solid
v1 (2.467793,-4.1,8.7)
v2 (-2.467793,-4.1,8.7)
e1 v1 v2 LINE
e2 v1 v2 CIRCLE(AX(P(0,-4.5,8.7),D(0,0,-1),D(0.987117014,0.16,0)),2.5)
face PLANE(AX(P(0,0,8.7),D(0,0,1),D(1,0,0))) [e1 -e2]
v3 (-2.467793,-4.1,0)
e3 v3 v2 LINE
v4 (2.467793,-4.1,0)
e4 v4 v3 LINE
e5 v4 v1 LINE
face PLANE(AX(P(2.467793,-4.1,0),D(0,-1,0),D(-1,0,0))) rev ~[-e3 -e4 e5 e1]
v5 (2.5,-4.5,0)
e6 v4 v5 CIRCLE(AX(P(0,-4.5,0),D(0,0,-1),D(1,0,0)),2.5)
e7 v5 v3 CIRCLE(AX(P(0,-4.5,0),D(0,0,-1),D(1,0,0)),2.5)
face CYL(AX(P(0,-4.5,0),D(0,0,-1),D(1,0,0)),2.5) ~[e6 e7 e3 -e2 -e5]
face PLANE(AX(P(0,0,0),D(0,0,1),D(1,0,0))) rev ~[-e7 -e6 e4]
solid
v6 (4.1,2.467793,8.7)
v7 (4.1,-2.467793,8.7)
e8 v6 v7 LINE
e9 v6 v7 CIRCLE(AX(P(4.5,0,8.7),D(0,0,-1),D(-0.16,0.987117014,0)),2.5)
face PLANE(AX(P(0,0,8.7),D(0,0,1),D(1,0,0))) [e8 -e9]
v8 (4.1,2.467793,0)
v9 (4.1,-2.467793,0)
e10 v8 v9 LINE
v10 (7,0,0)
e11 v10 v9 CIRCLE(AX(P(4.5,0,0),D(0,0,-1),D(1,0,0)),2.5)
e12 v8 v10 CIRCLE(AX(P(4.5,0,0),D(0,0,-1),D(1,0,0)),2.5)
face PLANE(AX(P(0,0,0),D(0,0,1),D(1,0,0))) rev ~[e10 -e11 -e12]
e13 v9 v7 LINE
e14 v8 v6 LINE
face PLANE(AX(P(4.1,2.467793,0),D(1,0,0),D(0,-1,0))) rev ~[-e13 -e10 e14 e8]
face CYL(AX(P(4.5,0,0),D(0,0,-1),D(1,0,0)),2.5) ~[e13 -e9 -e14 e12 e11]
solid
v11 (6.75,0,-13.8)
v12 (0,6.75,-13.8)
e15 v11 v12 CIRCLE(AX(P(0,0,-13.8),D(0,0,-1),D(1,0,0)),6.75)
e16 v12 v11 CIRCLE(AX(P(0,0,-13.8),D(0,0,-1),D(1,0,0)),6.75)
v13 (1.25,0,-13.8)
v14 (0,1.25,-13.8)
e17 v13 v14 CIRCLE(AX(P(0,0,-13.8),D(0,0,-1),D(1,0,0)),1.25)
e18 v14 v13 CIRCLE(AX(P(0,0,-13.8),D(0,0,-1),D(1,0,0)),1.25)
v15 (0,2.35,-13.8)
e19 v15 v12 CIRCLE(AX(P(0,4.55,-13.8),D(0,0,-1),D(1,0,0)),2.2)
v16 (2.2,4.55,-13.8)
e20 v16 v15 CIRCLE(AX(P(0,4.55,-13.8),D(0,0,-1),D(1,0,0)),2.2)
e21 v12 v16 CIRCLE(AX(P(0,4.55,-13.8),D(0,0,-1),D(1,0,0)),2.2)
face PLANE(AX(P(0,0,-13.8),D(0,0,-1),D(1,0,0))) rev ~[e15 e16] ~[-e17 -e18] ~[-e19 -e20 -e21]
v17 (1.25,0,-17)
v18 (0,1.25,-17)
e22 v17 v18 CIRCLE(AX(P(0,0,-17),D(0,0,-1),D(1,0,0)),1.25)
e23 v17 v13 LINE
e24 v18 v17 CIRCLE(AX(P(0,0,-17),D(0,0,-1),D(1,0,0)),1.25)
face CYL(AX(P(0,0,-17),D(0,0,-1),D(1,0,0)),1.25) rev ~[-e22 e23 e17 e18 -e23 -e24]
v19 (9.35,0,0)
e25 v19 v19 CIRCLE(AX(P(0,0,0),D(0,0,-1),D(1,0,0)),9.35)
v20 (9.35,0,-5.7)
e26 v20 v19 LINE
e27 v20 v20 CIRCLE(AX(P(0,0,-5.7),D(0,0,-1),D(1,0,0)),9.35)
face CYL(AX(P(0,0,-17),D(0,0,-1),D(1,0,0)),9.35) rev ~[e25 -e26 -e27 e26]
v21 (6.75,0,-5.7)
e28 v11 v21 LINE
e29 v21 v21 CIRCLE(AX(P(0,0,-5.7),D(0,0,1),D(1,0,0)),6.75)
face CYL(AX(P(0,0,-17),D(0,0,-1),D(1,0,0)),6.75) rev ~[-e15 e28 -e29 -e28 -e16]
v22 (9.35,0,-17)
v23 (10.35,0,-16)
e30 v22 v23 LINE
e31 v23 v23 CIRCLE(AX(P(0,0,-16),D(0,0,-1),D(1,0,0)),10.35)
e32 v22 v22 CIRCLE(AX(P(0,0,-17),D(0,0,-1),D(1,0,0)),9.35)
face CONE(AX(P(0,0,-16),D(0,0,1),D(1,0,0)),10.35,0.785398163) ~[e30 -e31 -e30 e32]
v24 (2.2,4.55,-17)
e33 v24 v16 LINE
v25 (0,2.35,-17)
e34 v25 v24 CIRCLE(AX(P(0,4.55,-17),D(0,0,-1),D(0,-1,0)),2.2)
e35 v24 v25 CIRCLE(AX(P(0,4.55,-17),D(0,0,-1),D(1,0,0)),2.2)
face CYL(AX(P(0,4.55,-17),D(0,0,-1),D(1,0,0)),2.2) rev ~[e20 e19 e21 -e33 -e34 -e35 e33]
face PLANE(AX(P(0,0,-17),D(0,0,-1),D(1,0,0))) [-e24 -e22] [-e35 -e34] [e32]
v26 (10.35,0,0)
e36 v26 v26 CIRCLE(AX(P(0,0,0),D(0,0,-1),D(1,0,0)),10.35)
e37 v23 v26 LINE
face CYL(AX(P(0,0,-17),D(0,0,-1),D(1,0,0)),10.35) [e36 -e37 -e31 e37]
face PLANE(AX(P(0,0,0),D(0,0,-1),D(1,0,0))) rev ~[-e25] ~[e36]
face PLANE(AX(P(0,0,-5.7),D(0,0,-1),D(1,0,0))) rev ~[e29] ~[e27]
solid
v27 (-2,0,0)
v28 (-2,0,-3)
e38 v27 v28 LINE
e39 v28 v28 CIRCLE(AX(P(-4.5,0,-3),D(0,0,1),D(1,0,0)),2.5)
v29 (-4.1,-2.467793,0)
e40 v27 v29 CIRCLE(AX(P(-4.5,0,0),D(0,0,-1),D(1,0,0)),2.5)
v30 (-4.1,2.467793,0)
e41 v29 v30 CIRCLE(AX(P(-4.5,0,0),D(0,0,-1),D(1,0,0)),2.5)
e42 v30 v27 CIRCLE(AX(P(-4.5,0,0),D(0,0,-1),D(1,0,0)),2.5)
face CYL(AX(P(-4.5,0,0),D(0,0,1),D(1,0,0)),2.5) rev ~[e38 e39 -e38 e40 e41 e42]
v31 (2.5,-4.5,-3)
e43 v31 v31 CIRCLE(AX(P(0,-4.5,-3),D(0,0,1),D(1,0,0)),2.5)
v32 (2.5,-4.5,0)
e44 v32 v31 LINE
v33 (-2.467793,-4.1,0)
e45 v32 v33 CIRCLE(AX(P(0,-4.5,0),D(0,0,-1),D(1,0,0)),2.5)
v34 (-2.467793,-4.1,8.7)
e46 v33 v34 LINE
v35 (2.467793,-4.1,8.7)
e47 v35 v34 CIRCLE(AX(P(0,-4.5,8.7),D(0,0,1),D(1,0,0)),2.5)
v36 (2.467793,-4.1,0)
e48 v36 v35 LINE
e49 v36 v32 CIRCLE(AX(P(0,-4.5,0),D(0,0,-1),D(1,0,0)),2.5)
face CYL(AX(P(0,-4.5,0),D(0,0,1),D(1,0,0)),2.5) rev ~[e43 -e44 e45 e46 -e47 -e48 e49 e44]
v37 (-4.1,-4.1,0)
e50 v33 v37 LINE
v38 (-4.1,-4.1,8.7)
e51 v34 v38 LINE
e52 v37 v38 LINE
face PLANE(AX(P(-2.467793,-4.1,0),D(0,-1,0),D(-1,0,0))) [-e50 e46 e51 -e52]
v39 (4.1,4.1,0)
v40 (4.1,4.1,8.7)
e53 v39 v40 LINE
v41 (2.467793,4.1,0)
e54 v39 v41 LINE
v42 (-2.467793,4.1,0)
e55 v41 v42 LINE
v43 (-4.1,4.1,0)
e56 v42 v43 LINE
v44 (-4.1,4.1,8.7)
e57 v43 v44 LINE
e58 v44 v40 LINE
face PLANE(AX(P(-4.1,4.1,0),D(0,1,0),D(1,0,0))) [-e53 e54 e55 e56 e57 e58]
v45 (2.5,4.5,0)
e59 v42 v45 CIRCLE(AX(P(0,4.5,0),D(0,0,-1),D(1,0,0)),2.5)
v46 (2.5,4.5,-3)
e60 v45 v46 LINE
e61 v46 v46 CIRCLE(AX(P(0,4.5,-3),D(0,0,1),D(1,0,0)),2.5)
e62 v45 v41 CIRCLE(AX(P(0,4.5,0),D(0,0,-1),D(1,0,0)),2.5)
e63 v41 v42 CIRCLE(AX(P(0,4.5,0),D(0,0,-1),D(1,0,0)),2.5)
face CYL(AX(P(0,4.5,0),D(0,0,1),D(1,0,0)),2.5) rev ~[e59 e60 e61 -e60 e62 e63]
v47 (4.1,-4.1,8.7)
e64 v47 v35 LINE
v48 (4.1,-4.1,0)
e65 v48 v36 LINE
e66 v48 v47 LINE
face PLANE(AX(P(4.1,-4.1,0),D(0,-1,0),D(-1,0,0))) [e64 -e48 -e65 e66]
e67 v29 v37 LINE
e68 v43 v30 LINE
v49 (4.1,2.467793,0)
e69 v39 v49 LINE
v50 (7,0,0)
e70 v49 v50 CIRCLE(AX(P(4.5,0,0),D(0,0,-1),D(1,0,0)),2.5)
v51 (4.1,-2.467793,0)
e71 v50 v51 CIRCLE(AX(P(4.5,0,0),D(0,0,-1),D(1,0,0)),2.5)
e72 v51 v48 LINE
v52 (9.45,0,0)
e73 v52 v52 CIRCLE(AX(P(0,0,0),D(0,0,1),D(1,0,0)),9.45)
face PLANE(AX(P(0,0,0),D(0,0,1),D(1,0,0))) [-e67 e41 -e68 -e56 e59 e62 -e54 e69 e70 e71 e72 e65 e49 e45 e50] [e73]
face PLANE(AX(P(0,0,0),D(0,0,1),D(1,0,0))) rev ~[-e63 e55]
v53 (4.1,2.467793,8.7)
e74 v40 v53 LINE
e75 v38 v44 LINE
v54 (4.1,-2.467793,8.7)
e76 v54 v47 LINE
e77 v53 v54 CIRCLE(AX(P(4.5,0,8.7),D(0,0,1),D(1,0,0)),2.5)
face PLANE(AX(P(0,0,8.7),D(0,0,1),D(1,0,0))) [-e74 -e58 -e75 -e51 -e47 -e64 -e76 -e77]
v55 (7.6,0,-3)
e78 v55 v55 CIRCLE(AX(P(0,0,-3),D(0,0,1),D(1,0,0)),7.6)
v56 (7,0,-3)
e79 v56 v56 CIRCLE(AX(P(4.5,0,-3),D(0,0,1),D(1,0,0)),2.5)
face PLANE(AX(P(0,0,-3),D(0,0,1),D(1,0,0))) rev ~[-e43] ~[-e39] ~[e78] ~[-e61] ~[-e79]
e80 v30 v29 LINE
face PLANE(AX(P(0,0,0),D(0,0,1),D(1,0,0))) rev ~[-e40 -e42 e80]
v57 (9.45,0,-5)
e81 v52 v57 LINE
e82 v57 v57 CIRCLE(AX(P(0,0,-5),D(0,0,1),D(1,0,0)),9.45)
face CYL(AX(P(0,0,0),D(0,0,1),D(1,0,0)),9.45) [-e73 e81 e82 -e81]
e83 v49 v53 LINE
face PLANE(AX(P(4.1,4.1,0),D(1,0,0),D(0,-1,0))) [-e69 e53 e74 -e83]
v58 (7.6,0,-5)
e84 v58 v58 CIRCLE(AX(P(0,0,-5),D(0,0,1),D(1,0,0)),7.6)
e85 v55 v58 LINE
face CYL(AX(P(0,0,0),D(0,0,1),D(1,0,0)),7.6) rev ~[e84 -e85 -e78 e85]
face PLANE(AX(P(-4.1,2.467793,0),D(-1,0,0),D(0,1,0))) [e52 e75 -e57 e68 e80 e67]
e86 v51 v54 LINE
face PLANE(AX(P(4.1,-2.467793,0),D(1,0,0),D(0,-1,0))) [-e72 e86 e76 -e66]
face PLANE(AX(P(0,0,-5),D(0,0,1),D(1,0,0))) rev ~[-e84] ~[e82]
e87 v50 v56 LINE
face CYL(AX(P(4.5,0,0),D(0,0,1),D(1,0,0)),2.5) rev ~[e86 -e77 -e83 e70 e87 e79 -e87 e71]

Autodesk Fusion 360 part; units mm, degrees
sketch "Skizze1" plane through (0, 0, 0) normal (0, 0, 1) x (1, 0, 0)
  circle A0 centre (0, 0) radius 9.45
  line L0 (-4.1, 4.1) -> (4.1, 4.1)
  line L1 (4.1, 4.1) -> (4.1, -4.1)
  line L2 (4.1, -4.1) -> (-4.1, -4.1)
  line L3 (-4.1, -4.1) -> (-4.1, 4.1)
  line L4 (-4.1, 0) -> (4.1, 0) construction
  line L5 (0, 4.1) -> (0, -4.1) construction
  circle A1 centre (4.5, 0) radius 2.5
  circle A2 centre (0, 4.5) radius 2.5
  circle A3 centre (-4.5, 0) radius 2.5
  circle A4 centre (0, -4.5) radius 2.5
  circle A5 centre (0, 0) radius 7.6
  dimension "d18" = 18.9
  dimension "d19" = 8.2
  dimension "d20" = 8.2
  dimension "d21" = 5
  dimension "d22" = 4.5
  dimension "d24" = 360
  dimension "d25" = 15.2
extrude "Extrusion1" add sketch "Skizze1" against normal blind 3 contours A0 | L0 L1 L2 L3 A1 A2 A3 A4 | A5 makes body 1
extrude "Extrusion2" add sketch "Skizze1" against normal blind 5 contours A0 bodies 1
extrude "Extrusion3" add sketch "Skizze1" along normal blind 8.7 contours L0 L1 L2 L3 A1 A2 A3 A4 | L0 A2 | L3 A3 | L1 A1 | L2 A4 picked at (-0.6822, 3.4278) picked at (-2.9892, -0.0816) picked at (5.1777, 0.1304) picked at (-0.1263, -5.057) bodies 1
sketch "Skizze2" plane through (0, 0, 0) normal (0, 0, 1) x (1, 0, 0)
  circle A0 centre (0, 0) radius 10.35
  circle A1 centre (0, 0) radius 9.35
  circle A2 centre (0, 0) radius 6.75
  circle A3 centre (0, 0) radius 1.25
  circle A4 centre (0, -4.55) radius 2.2
  line L0 (0, -4.55) -> (0, 0)
  dimension "d32" = 20.7
  dimension "d33" = 18.7
  dimension "d34" = 13.5
  dimension "d35" = 2.5
  dimension "d36" = 4.4
extrude "Extrusion4" add sketch "Skizze2" against normal blind 17 separate body contours A0 makes body 2
extrude "Extrusion6" add sketch "Skizze2" against normal blind 11.3 contours A1 bodies 2
extrude "Extrusion7" add sketch "Skizze2" against normal blind 3.2 contours A2 bodies 2
thread "Gewinde1"
chamfer "Fase1" distance 1 angle 45 1 edges at (-9.6496, -3.7427, 0) on bodies 2
copy_body "Körper->Berechn1" bodies 1 removing the originals makes body 3 in component "lid"
copy_body "Körper->Berechn2" bodies 2 removing the originals makes body 4 in component "body"
component "lid" placed x (1, 0, 0) y (0, 1, 0) z (0, 0, 1) at (0, 0, 0)
component "body" placed x (1, 0, 0) y (0, -1, 0) z (0, 0, -1) at (0, 0, -17)
equation "d22 = ( 14 / 2 ) * 1 mm - 2.5 mm"
equation "d41 = -17 mm + 5.7 mm"
equation "d43 = -17 mm + 13.8 mm"
